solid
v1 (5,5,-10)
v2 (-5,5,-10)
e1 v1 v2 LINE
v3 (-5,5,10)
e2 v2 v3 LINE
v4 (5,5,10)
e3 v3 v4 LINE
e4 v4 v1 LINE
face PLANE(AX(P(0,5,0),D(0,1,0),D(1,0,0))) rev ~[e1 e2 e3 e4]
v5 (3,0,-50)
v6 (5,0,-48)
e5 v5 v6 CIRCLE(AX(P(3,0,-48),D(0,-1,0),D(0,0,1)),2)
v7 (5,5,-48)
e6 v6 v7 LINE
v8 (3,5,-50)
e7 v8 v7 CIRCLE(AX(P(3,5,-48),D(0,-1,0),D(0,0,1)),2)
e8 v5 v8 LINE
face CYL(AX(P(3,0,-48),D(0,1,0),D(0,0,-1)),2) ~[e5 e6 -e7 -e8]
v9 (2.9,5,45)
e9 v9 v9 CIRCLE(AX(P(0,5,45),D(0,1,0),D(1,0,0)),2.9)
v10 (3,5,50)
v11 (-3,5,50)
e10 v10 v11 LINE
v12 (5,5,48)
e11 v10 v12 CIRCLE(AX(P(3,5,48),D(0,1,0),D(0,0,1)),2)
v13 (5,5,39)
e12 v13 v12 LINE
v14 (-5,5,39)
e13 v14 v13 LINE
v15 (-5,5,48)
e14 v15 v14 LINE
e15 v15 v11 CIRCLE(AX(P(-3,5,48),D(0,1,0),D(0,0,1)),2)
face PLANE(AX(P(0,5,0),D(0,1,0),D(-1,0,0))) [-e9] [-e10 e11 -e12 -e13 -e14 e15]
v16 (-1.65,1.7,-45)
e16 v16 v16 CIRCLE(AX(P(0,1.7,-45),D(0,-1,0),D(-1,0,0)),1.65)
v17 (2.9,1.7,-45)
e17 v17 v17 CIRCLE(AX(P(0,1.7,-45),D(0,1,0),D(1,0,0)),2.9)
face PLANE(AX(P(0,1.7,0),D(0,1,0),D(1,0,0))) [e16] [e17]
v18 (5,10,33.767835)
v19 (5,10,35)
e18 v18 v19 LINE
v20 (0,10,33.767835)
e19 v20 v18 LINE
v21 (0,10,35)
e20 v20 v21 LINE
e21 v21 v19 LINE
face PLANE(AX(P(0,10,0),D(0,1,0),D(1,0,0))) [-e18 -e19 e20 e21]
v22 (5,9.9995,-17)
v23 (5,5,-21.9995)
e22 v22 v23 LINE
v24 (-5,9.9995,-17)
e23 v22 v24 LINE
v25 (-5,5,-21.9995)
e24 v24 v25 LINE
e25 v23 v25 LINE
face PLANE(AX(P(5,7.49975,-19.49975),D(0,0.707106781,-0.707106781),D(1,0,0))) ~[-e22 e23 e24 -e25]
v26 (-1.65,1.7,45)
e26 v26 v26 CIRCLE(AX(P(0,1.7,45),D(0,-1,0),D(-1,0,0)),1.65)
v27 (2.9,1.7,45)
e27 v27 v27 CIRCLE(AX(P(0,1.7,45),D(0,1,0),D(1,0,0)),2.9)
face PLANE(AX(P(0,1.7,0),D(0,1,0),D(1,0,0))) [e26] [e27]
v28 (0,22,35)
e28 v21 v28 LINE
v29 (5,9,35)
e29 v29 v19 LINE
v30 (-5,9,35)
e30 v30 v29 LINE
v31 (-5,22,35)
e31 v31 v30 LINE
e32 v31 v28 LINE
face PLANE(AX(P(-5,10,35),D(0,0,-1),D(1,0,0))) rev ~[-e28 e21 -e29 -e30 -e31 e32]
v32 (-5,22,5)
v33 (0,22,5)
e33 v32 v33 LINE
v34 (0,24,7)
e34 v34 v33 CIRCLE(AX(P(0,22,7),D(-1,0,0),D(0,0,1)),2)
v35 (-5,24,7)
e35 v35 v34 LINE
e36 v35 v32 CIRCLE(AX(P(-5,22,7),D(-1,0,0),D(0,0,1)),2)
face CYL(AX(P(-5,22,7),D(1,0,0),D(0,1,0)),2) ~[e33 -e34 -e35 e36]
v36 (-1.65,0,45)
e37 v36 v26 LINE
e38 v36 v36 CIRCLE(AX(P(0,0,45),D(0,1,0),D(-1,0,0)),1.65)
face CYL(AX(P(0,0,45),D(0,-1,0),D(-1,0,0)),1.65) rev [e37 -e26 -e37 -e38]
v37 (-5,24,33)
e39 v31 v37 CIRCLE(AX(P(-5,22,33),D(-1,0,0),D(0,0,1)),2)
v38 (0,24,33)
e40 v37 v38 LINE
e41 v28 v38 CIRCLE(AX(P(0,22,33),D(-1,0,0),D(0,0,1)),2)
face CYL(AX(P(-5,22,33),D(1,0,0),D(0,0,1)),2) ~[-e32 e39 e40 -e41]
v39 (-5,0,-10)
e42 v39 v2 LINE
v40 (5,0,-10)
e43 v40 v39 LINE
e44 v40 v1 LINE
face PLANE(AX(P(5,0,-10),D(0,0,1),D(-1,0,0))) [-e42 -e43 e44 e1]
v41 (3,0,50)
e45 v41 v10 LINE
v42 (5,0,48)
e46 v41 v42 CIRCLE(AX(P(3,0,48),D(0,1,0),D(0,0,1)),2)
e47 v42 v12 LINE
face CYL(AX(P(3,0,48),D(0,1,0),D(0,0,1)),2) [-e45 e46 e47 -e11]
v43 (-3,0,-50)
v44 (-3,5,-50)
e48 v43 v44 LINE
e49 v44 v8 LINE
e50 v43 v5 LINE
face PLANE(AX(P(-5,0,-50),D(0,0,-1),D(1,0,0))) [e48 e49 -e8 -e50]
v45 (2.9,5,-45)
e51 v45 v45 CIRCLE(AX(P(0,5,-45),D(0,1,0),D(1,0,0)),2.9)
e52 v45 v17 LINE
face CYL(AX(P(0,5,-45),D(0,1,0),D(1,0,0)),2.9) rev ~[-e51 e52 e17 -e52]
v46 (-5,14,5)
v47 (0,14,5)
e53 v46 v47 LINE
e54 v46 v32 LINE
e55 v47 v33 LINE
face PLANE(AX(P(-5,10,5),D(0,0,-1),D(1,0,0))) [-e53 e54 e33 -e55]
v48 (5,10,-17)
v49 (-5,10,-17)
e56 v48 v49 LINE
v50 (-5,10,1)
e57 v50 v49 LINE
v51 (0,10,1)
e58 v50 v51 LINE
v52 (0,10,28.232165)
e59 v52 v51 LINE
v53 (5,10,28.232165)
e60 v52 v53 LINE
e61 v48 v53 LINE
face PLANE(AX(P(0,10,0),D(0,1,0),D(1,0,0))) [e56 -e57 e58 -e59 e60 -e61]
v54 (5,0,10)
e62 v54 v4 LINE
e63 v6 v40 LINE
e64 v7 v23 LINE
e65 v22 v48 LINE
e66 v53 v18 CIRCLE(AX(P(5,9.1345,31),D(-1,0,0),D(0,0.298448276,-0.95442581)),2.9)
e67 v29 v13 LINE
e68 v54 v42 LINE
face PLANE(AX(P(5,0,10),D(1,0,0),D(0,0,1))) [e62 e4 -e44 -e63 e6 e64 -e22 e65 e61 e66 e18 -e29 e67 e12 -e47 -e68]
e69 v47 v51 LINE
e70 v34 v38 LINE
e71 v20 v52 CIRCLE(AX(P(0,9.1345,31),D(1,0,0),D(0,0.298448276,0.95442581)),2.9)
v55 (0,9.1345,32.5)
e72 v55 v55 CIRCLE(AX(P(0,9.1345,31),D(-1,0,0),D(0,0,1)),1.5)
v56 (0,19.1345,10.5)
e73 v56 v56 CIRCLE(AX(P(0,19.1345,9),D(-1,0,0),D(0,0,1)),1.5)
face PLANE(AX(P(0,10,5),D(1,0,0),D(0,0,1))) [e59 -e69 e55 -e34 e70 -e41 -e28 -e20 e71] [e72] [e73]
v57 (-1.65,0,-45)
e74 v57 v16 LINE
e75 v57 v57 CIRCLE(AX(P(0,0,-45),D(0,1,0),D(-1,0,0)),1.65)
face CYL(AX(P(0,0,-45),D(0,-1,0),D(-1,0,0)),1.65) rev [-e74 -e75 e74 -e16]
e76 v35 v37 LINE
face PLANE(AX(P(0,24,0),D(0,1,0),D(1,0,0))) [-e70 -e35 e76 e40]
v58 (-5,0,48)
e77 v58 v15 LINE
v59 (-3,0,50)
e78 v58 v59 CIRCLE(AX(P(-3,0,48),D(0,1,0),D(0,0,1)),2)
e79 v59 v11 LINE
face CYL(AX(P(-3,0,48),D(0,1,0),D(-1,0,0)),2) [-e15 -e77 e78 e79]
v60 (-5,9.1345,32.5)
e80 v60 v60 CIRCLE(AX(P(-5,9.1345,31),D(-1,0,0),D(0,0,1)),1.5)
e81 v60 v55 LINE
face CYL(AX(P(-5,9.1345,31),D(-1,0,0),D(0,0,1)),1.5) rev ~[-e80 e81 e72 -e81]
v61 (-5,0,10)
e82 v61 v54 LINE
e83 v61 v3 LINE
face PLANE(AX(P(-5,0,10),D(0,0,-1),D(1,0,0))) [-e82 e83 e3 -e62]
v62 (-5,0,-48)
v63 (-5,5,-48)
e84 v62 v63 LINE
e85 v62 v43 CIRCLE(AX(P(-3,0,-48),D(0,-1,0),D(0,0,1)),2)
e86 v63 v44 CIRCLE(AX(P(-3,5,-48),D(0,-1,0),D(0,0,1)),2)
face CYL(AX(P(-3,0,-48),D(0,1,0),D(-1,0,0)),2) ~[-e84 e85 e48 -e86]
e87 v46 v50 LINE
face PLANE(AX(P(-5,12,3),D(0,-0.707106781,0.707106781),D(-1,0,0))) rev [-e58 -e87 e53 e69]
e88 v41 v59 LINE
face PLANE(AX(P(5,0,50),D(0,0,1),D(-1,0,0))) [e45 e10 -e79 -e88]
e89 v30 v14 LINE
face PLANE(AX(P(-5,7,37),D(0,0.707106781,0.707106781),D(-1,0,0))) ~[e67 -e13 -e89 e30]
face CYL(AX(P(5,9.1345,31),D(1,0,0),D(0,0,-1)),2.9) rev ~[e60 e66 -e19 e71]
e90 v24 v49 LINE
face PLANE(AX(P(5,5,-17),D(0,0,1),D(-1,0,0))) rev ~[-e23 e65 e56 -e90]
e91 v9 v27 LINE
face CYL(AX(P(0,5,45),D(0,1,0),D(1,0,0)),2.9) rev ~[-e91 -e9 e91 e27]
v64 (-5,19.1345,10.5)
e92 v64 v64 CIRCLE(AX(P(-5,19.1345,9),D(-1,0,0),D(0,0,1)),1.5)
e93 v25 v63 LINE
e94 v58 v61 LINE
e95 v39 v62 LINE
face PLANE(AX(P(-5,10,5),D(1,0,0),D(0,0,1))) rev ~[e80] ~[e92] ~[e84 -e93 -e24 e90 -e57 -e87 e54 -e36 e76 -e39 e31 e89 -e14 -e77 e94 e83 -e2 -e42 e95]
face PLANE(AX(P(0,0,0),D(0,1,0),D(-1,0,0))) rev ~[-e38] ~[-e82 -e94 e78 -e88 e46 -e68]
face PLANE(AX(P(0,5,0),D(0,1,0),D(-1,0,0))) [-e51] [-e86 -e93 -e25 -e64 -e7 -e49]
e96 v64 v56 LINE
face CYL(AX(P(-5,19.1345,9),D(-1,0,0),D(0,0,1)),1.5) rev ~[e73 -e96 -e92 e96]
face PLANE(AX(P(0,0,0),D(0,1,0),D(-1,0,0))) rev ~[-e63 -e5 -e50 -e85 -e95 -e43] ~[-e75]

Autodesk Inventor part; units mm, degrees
ref_plane "YZ Plane" through (0, 0, 0) normal (1, 0, 0) x (0, 1, 0)
ref_plane "XZ Plane" through (0, 0, 0) normal (0, 1, 0) x (-1, 0, 0)
ref_plane "XY Plane" through (0, 0, 0) normal (0, 0, 1) x (1, 0, 0)
sketch "Sketch1" plane through (0, 0, 0) normal (0, 1, 0) x (-1, 0, 0)
  line L0 (-5, 50) -> (5, 50)
  line L1 (5, 50) -> (5, -50)
  line L2 (5, -50) -> (-5, -50)
  line L3 (-5, -50) -> (-5, 50)
  line L4 (-5, 50) -> (5, -50) construction
  line L5 (5, 50) -> (-5, -50) construction
  circle A0 centre (0, 45) radius 1.65
  circle A1 centre (0, -45) radius 1.65
  line L6 (0, 45) -> (0, -45) construction
  line L7 (-5, -10) -> (5, -10)
  line L8 (5, -10) -> (5, 10)
  line L9 (5, 10) -> (-5, 10)
  line L10 (-5, 10) -> (-5, -10)
  line L11 (-5, -10) -> (5, 10) construction
  line L12 (5, -10) -> (-5, 10) construction
  point P0 (0, 0)
  dimension "d0" = 90
  dimension "d1" = 5
  dimension "d2" = 3.3
  dimension "d3" = 10
  dimension "d4" = 20
extrude "Extrusion1" add sketch "Sketch1" along normal blind 5 contours L0 L1 L9 L3 | L7 L1 L2 L3
sketch "Sketch2" plane through (0, 5, 0) normal (0, 1, 0) x (1, 0, 0)
  line L0 (5, -50) -> (5, -10) projected
  line L1 (5, -10) -> (-5, -10) projected
  line L2 (-5, -10) -> (-5, -50) projected
  line L3 (-5, -50) -> (5, -50) projected
  circle A0 centre (0, -45) radius 1.65 projected
  line L4 (-5, 50) -> (-5, 10) projected
  line L5 (-5, 10) -> (5, 10) projected
  line L6 (5, 10) -> (5, 50) projected
  line L7 (5, 50) -> (-5, 50) projected
  circle A1 centre (0, 45) radius 1.65 projected
  line L8 (-5, -35) -> (5, -35)
  line L9 (5, -35) -> (5, 17)
  line L10 (5, 17) -> (-5, 17)
  line L11 (-5, 17) -> (-5, -35)
  point P0 (0, 0)
  point P1 (5, -35)
  point P2 (-5, 17)
  dimension "d7" = 52
  dimension "d26" = 7
extrude "Extrusion2" add sketch "Sketch2" along normal blind 5 contours L8 L2 L1 L0 | L1 L11 L5 L9 | L5 L4 L10 L6
sketch "Sketch3" plane through (0, 10, 0) normal (0, 1, 0) x (1, 0, 0)
  line L0 (5, -35) -> (5, 17) projected
  line L1 (5, 17) -> (-5, 17) projected
  line L2 (-5, 17) -> (-5, -35) projected
  line L3 (-5, -35) -> (5, -35) projected
  line L4 (-5, -5) -> (0, -5)
  line L5 (0, -5) -> (0, -35)
  line L6 (0, -35) -> (-5, -35)
  line L7 (-5, -35) -> (-5, -5)
  point P0 (0, 0)
  point P1 (-5, -35)
  point P2 (0, -35)
  dimension "d10" = 5
  dimension "d11" = 30
extrude "Extrusion3" add sketch "Sketch3" along normal blind 14 contours L3 L2 L4 L5
sketch "Sketch4" plane through (-5, 0, -50) normal (-1, 0, 0) x (0, 0, 1)
  line L0 (0, 0) -> (40, 0) projected
  line L1 (40, 0) -> (40, 5) projected
  line L2 (40, 5) -> (60, 5) projected
  line L3 (60, 0) -> (60, 5) projected
  line L4 (60, 0) -> (100, 0) projected
  line L5 (100, 0) -> (100, 5) projected
  line L6 (85, 5) -> (100, 5) projected
  line L7 (85, 5) -> (85, 24) projected
  line L8 (33, 10) -> (55, 10) projected
  line L9 (55, 24) -> (85, 24) projected
  line L10 (55, 10) -> (55, 24) projected
  line L11 (33, 5) -> (33, 10) projected
  line L12 (0, 5) -> (33, 5) projected
  line L13 (0, 0) -> (0, 5) projected
  line L14 (56, 6.1345) -> (84, 6.1345)
  line L15 (84, 6.1345) -> (84, 22.1345)
  line L16 (84, 22.1345) -> (56, 22.1345)
  line L17 (56, 22.1345) -> (56, 6.1345)
  circle A0 centre (59, 19.1345) radius 1.5
  circle A1 centre (81, 9.1345) radius 1.5
  line L18 (84, 6.1345) -> (81, 6.1345) construction
  line L19 (81, 6.1345) -> (81, 9.1345) construction
  line L20 (81, 9.1345) -> (84, 9.1345) construction
  line L21 (84, 9.1345) -> (84, 6.1345) construction
  line L22 (56, 22.1345) -> (59, 22.1345) construction
  line L23 (59, 22.1345) -> (59, 19.1345) construction
  line L24 (59, 19.1345) -> (56, 19.1345) construction
  line L25 (56, 19.1345) -> (56, 22.1345) construction
  point P0 (50, 0)
  point P1 (70, 22.1345)
  point P2 (70, 24)
  dimension "d14" = 28
  dimension "d15" = 16
  dimension "d18" = 3
  dimension "d19" = 3
  dimension "d22" = 3
  dimension "d23" = 3
  dimension "d24" = 3
  dimension "d25" = 3
extrude "Extrusion4" cut sketch "Sketch4" against normal through all contours A0 | A1
sketch "Sketch5" plane through (0, 5, 0) normal (0, 1, 0) x (1, 0, 0)
  circle A0 centre (0, 45) radius 1.65 projected
  line L0 (5, -35) -> (-5, -35) projected
  line L1 (-5, -35) -> (-5, -50) projected
  line L2 (-5, -50) -> (5, -50) projected
  line L3 (5, -50) -> (5, -35) projected
  circle A1 centre (0, -45) radius 1.65 projected
  line L4 (-5, 17) -> (5, 17) projected
  line L5 (5, 17) -> (5, 50) projected
  line L6 (5, 50) -> (-5, 50) projected
  line L7 (-5, 50) -> (-5, 17) projected
  circle A2 centre (0, 45) radius 1.65 projected
  circle A3 centre (0, 45) radius 2.9
  circle A4 centre (0, -45) radius 2.9
  point P0 (0, 0)
  dimension "d27" = 5.8
  dimension "d28" = 5.8
extrude "Extrusion5" cut sketch "Sketch5" against normal blind 3.3 contours A0 | A1 | A3 | A4
chamfer "Chamfer1" distance 4 angle 45 2 edges at (0, 5, 35) (-2.5, 10, 5)
fillet "Fillet1" radius 2 2 edges at (-2.5, 24, 35) (-2.5, 24, 5)
sketch "Sketch6" plane through (5, 0, 50) normal (1, 0, 0) x (0, 0, -1)
  arc A0 (17.7749, 10) -> (20.2251, 10) centre (19, 9.1345) ccw projected
  line L0 (15, 10) -> (17.7749, 10) projected
  line L1 (15, 9) -> (15, 10) projected
  line L2 (11, 5) -> (15, 9) projected
  line L3 (0, 5) -> (11, 5) projected
  line L4 (0, 0) -> (0, 5) projected
  line L5 (0, 0) -> (40, 0) projected
  line L6 (40, 0) -> (40, 5) projected
  line L7 (40, 5) -> (60, 5) projected
  line L8 (60, 0) -> (60, 5) projected
  line L9 (60, 0) -> (100, 0) projected
  line L10 (100, 0) -> (100, 5) projected
  line L11 (67, 5) -> (100, 5) projected
  line L12 (67, 5) -> (67, 10) projected
  line L13 (20.2251, 10) -> (67, 10) projected
  circle A1 centre (19, 9.1345) radius 2.9
  point P0 (50, 0)
  dimension "d35" = 5.8
extrude "Extrusion6" cut sketch "Sketch6" against normal up to surface (5 mm away) contours L0 A1 L13 A0 | A0 L13 A1 L0
chamfer "Chamfer2" distance 5 angle 45 1 edges at (0, 5, -17)
fillet "Fillet2" radius 2 4 edges at (-5, 2.5, 50) (5, 2.5, 50) (-5, 2.5, -50) (5, 2.5, -50)
properties part number "SOPORTE_FIN_CARRERA_INGRESO" material "Steel, Mild, Welded"
